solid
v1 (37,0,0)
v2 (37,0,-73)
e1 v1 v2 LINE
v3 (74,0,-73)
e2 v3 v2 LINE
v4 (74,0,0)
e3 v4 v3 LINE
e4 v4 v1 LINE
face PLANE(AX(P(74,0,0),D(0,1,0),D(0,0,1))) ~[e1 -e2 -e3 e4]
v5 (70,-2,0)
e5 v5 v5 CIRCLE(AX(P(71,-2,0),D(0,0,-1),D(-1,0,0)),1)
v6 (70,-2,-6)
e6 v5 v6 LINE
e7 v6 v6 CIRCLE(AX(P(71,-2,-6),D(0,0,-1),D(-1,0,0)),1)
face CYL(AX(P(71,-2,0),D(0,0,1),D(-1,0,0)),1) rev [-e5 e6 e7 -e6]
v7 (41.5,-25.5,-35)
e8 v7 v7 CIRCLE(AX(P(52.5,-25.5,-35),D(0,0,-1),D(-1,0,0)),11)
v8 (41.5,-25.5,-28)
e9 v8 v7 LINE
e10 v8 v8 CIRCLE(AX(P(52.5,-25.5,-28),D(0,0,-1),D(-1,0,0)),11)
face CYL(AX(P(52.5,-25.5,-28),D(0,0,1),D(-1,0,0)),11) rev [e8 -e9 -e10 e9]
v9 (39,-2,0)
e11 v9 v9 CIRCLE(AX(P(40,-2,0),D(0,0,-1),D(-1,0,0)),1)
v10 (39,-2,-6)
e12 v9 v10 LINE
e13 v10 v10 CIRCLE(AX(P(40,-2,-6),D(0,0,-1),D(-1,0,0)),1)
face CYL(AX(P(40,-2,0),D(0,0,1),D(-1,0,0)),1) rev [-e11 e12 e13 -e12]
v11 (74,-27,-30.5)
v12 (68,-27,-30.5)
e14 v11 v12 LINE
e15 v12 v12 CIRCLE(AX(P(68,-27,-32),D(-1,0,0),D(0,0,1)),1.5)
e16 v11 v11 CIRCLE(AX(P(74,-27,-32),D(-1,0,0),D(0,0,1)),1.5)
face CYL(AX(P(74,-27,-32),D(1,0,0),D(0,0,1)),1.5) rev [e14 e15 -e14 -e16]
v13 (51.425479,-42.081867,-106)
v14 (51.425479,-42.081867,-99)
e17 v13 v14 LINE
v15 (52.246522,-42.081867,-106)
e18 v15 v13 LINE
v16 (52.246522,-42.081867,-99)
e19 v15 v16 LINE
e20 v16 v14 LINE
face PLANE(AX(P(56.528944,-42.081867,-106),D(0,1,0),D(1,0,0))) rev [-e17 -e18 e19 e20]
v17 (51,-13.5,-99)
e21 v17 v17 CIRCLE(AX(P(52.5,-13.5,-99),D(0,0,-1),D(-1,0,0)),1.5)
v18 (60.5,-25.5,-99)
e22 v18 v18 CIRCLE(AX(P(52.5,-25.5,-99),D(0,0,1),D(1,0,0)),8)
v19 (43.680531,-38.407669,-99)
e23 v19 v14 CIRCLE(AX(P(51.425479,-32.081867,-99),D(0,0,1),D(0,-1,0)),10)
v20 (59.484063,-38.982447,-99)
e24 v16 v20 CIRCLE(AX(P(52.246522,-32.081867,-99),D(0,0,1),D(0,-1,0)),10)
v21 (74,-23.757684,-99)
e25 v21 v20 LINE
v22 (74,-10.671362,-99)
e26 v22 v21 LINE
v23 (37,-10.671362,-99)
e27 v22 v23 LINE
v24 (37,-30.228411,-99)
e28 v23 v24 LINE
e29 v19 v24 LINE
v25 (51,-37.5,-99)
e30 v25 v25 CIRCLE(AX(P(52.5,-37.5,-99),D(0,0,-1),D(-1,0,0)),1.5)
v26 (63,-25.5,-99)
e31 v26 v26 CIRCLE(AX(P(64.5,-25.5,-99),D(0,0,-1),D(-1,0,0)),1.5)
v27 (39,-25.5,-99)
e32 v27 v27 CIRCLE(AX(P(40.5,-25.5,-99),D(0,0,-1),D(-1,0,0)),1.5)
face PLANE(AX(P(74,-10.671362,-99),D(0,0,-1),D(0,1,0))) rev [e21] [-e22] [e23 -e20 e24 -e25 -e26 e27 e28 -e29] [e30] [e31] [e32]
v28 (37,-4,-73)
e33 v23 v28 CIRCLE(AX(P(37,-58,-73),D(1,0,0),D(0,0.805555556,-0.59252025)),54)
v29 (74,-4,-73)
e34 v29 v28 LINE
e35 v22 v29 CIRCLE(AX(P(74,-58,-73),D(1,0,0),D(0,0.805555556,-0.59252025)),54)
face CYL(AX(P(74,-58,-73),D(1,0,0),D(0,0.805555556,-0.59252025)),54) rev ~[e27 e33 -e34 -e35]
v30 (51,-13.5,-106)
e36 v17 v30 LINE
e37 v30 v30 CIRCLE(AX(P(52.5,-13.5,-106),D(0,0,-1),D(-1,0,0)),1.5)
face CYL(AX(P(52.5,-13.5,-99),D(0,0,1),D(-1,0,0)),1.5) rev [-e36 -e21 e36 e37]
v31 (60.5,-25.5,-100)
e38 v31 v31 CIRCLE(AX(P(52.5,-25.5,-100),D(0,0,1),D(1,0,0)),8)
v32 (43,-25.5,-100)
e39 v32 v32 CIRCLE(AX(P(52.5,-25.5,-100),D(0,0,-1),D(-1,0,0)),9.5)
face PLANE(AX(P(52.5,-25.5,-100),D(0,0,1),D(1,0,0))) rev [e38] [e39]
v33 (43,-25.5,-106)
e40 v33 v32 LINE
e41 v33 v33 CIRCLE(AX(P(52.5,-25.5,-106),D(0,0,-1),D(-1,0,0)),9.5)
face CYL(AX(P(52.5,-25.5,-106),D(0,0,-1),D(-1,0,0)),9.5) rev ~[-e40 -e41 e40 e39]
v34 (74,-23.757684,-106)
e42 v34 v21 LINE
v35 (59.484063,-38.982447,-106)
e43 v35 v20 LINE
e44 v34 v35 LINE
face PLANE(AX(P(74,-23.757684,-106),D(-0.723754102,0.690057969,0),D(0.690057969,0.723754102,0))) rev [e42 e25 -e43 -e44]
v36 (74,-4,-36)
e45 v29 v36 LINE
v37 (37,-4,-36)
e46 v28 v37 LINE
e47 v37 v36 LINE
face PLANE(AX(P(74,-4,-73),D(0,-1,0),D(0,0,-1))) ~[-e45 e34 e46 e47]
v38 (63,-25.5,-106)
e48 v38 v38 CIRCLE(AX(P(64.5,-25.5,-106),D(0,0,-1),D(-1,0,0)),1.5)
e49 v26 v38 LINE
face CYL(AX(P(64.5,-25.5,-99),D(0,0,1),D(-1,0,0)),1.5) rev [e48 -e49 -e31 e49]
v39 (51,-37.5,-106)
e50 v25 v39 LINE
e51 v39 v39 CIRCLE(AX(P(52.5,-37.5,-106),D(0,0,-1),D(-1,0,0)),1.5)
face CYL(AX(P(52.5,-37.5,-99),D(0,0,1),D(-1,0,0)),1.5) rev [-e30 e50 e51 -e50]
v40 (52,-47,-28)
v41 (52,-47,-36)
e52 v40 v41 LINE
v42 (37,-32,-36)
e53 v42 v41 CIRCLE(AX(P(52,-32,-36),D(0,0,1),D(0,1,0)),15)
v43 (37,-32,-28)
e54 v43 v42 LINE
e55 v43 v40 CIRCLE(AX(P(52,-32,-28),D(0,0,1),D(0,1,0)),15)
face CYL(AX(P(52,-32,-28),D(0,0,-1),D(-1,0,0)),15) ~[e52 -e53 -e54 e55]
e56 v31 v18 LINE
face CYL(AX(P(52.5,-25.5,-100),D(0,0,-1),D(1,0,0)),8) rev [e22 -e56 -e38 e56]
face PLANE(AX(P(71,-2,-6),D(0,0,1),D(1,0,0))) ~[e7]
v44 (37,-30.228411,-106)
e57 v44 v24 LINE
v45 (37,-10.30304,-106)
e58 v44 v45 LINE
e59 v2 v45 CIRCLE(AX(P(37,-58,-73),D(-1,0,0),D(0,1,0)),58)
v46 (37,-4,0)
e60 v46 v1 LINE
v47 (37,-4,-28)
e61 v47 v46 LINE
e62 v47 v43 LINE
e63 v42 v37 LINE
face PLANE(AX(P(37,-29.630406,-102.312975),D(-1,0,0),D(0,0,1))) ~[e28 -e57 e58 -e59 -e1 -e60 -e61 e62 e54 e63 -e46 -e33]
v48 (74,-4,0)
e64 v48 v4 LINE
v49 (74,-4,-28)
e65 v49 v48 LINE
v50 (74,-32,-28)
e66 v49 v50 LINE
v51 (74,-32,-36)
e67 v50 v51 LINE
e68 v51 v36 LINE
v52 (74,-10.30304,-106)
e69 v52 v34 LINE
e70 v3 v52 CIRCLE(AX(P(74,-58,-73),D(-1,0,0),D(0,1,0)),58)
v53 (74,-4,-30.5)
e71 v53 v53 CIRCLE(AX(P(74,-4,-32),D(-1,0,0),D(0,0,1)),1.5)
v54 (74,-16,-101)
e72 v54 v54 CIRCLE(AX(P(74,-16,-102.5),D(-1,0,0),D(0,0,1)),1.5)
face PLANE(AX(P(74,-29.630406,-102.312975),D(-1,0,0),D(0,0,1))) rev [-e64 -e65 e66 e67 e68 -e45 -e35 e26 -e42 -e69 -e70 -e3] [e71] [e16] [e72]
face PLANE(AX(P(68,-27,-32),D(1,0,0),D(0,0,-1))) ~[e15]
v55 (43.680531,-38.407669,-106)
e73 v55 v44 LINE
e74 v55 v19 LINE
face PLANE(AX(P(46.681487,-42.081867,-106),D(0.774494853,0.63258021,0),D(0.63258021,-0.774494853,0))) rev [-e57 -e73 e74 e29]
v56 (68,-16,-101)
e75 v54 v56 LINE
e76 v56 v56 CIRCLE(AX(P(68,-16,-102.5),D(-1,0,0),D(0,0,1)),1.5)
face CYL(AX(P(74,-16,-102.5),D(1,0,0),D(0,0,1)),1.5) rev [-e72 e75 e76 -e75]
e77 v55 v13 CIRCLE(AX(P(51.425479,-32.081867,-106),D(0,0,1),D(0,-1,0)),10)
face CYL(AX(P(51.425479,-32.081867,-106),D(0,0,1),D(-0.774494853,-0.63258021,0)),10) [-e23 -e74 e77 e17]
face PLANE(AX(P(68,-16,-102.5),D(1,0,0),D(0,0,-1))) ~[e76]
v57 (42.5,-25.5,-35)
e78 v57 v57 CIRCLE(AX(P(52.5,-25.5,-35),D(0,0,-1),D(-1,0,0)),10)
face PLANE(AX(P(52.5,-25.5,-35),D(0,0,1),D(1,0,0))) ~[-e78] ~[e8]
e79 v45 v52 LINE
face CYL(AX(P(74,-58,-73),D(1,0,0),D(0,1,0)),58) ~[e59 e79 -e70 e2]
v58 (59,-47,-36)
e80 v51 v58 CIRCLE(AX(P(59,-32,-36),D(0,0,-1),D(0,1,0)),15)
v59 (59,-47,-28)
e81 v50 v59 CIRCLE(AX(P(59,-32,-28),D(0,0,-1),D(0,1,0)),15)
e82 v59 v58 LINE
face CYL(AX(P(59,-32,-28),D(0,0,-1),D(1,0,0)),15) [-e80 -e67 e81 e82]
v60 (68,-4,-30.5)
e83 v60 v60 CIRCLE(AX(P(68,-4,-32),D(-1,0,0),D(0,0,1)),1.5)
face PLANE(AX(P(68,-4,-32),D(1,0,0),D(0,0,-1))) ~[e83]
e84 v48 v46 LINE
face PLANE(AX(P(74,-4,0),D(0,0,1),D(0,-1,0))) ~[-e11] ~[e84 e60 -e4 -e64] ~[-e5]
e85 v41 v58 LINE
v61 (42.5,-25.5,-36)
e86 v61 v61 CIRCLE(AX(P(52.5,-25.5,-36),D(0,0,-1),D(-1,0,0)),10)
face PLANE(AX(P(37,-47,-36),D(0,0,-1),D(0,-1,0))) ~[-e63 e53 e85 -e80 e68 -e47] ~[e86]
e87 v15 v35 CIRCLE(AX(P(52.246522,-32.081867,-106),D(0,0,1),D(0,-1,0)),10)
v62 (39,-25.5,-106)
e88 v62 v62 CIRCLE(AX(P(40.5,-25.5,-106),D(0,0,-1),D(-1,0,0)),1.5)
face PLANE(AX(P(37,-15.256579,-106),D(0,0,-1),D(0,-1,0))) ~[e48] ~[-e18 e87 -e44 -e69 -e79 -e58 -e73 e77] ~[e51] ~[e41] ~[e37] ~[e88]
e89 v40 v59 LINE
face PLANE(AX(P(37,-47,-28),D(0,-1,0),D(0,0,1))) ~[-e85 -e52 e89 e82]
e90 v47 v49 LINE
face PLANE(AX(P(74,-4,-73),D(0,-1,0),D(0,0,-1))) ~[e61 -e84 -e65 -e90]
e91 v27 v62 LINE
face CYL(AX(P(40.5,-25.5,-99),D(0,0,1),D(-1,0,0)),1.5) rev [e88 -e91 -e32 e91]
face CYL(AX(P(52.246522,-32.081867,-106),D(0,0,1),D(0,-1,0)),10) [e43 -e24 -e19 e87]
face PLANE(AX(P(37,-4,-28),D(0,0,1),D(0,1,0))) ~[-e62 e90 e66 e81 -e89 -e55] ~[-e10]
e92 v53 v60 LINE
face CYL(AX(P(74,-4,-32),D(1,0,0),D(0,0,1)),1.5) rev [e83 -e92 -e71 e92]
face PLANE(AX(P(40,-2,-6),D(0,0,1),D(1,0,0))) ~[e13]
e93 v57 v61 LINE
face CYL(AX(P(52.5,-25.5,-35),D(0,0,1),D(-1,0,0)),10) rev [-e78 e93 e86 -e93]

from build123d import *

# Parameters (mm, degrees)
BOSS_EXTRUDE1_DEPTH = 37
BOSS_EXTRUDE3_DEPTH = 37
SKETCH5_R           = 11
CUT_EXTRUDE1_DEPTH  = 7
SKETCH6_R           = 10
CUT_EXTRUDE2_DEPTH  = 7
BOSS_EXTRUDE4_START = -37
BOSS_EXTRUDE4_DEPTH = 37
SKETCH8_R           = 9.5
CUT_EXTRUDE3_DEPTH  = 6
SKETCH9_R           = 8
CUT_EXTRUDE4_DEPTH  = 1
CUT_EXTRUDE5_DEPTH  = 7
CUT_EXTRUDE6_DEPTH  = 131.044047905
FILLET2_R           = 10
SKETCH12_R          = 1.5
CUT_EXTRUDE7_DEPTH  = 116.667627277
FILLET5_R           = 15
SKETCH20_R          = 1.5
CUT_EXTRUDE14_DEPTH = 6
SKETCH21_R          = 1
CUT_EXTRUDE15_DEPTH = 6


with BuildPart() as part:
    # Sketch3 → Boss-Extrude1 (new body)
    with BuildSketch(Plane(origin=(0, 0, 0), x_dir=(0, 0, -1), z_dir=(1, 0, 0))):
        with BuildLine():
            Line((0, 0), (73, 0))
            ThreePointArc((73, 0), (96.162469644, -4.825758115), (115.470578051, -18.5))
            Line((115.470578051, -18.5), (109.820510589, -18.5))
            ThreePointArc((109.820510589, -18.5), (107.466378544, -16.429953692), (104.996093512, -14.5))
            ThreePointArc((104.996093512, -14.5), (89.83745824, -6.692105871), (73, -4))
            Line((73, -4), (0, -4))
            Line((0, -4), (0, 0))
        make_face()
    extrude(amount=BOSS_EXTRUDE1_DEPTH)

    # Sketch4 → Boss-Extrude3 (add)
    with BuildSketch(Plane(origin=(37, 0, 0), x_dir=(0, 0, -1), z_dir=(1, 0, 0))):
        Polygon((28, -4), (28, -14.5), (28, -36.5), (28, -47), (36, -47), (36, -35.5), (36, -15.5), (36, -4), align=None)
    extrude(amount=-BOSS_EXTRUDE3_DEPTH)

    # Sketch5 → Cut-Extrude1 (cut)
    with BuildSketch(Plane.XY.offset(-28)):
        with Locations((21.5, -25.5)):
            Circle(SKETCH5_R)
    extrude(amount=-CUT_EXTRUDE1_DEPTH, mode=Mode.SUBTRACT)

    # Sketch6 → Cut-Extrude2 (cut)
    with BuildSketch(Plane.XY.offset(-35)):
        with Locations((21.5, -25.5)):
            Circle(SKETCH6_R)
    extrude(amount=-CUT_EXTRUDE2_DEPTH, mode=Mode.SUBTRACT)

    # Sketch7 → Boss-Extrude4 (add)
    with BuildSketch(Plane(origin=(37, 0, 0), x_dir=(0, 0, -1), z_dir=(1, 0, 0)).offset(BOSS_EXTRUDE4_START)):
        with BuildLine():
            Line((99, -10.671361735), (99, -47))
            Line((99, -47), (106, -47))
            Line((106, -47), (106, -15.256579454))
            ThreePointArc((106, -15.256579454), (102.588951576, -12.82817311), (99, -10.671361735))
        make_face()
    extrude(amount=BOSS_EXTRUDE4_DEPTH)

    # Sketch8 → Cut-Extrude3 (cut)
    with BuildSketch(Plane.XY.offset(-106)):
        with Locations((21.5, -25.5)):
            Circle(SKETCH8_R)
    extrude(amount=CUT_EXTRUDE3_DEPTH, mode=Mode.SUBTRACT)

    # Sketch9 → Cut-Extrude4 (cut)
    with BuildSketch(Plane(origin=(0, 0, -100), x_dir=(-1, 0, 0), z_dir=(0, 0, -1))):
        with Locations((-21.5, -25.5)):
            Circle(SKETCH9_R)
    extrude(amount=-CUT_EXTRUDE4_DEPTH, mode=Mode.SUBTRACT)

    # Sketch10 → Cut-Extrude5 (cut)
    with BuildSketch(Plane(origin=(0, 0, -106), x_dir=(-1, 0, 0), z_dir=(0, 0, -1))):
        Polygon((0, -23.757683827), (-17.471056315, -42.081867062), (-27.318513182, -42.081867062), (-37, -30.228411032), (-37, -47), (0, -47), align=None)
    extrude(amount=-CUT_EXTRUDE5_DEPTH, mode=Mode.SUBTRACT)

    # Sketch11 → Cut-Extrude6 (cut, through all)
    with BuildSketch(Plane(origin=(37, 0, 0), x_dir=(0, 0, -1), z_dir=(1, 0, 0))):
        with BuildLine():
            Line((106, -15.256579454), (106, -10.303039929))
            ThreePointArc((106, -10.303039929), (110.957207174, -14.145120869), (115.470578051, -18.5))
            Line((115.470578051, -18.5), (109.820510589, -18.5))
            ThreePointArc((109.820510589, -18.5), (107.947902211, -16.833944431), (106, -15.256579454))
        make_face()
    extrude(amount=-CUT_EXTRUDE6_DEPTH, mode=Mode.SUBTRACT)

    # Fillet2
    fillet2_edges = [part.edges().sort_by_distance(p)[0] for p in [
        (17.471056315, -42.081867062, -102.5),
        (27.318513182, -42.081867062, -102.5),
    ]]
    fillet(fillet2_edges, radius=FILLET2_R)

    # Sketch12 → Cut-Extrude7 (cut, through all)
    with BuildSketch(Plane.XY.offset(-99)):
        with Locations((21.5, -13.5)):
            Circle(SKETCH12_R)
        with Locations((33.5, -25.5)):
            Circle(SKETCH12_R)
        with Locations((21.5, -37.5)):
            Circle(SKETCH12_R)
        with Locations((9.5, -25.5)):
            Circle(SKETCH12_R)
    extrude(amount=-CUT_EXTRUDE7_DEPTH, mode=Mode.SUBTRACT)

    # Fillet5
    fillet5_edges = [part.edges().sort_by_distance(p)[0] for p in [
        (0, -47, -32),
        (37, -47, -32),
    ]]
    fillet(fillet5_edges, radius=FILLET5_R)

    # Sketch20 → Cut-Extrude14 (cut)
    with BuildSketch(Plane.ZY):
        with Locations((-32, -4)):
            Circle(SKETCH20_R)
        with Locations((-102.5, -16)):
            Circle(SKETCH20_R)
        with Locations((-32, -27)):
            Circle(SKETCH20_R)
    extrude(amount=-CUT_EXTRUDE14_DEPTH, mode=Mode.SUBTRACT)

    # Sketch21 → Cut-Extrude15 (cut)
    with BuildSketch(Plane.XY):
        with Locations((3, -2)):
            Circle(SKETCH21_R)
        with Locations((34, -2)):
            Circle(SKETCH21_R)
    extrude(amount=-CUT_EXTRUDE15_DEPTH, mode=Mode.SUBTRACT)


with BuildPart() as body_2:
    # Mirror1: mirrored copy
    add(part.part.mirror(Plane(origin=(37, -58, -73), x_dir=(0, 0, 1), z_dir=(-1, 0, 0))))


solid = body_2.part
